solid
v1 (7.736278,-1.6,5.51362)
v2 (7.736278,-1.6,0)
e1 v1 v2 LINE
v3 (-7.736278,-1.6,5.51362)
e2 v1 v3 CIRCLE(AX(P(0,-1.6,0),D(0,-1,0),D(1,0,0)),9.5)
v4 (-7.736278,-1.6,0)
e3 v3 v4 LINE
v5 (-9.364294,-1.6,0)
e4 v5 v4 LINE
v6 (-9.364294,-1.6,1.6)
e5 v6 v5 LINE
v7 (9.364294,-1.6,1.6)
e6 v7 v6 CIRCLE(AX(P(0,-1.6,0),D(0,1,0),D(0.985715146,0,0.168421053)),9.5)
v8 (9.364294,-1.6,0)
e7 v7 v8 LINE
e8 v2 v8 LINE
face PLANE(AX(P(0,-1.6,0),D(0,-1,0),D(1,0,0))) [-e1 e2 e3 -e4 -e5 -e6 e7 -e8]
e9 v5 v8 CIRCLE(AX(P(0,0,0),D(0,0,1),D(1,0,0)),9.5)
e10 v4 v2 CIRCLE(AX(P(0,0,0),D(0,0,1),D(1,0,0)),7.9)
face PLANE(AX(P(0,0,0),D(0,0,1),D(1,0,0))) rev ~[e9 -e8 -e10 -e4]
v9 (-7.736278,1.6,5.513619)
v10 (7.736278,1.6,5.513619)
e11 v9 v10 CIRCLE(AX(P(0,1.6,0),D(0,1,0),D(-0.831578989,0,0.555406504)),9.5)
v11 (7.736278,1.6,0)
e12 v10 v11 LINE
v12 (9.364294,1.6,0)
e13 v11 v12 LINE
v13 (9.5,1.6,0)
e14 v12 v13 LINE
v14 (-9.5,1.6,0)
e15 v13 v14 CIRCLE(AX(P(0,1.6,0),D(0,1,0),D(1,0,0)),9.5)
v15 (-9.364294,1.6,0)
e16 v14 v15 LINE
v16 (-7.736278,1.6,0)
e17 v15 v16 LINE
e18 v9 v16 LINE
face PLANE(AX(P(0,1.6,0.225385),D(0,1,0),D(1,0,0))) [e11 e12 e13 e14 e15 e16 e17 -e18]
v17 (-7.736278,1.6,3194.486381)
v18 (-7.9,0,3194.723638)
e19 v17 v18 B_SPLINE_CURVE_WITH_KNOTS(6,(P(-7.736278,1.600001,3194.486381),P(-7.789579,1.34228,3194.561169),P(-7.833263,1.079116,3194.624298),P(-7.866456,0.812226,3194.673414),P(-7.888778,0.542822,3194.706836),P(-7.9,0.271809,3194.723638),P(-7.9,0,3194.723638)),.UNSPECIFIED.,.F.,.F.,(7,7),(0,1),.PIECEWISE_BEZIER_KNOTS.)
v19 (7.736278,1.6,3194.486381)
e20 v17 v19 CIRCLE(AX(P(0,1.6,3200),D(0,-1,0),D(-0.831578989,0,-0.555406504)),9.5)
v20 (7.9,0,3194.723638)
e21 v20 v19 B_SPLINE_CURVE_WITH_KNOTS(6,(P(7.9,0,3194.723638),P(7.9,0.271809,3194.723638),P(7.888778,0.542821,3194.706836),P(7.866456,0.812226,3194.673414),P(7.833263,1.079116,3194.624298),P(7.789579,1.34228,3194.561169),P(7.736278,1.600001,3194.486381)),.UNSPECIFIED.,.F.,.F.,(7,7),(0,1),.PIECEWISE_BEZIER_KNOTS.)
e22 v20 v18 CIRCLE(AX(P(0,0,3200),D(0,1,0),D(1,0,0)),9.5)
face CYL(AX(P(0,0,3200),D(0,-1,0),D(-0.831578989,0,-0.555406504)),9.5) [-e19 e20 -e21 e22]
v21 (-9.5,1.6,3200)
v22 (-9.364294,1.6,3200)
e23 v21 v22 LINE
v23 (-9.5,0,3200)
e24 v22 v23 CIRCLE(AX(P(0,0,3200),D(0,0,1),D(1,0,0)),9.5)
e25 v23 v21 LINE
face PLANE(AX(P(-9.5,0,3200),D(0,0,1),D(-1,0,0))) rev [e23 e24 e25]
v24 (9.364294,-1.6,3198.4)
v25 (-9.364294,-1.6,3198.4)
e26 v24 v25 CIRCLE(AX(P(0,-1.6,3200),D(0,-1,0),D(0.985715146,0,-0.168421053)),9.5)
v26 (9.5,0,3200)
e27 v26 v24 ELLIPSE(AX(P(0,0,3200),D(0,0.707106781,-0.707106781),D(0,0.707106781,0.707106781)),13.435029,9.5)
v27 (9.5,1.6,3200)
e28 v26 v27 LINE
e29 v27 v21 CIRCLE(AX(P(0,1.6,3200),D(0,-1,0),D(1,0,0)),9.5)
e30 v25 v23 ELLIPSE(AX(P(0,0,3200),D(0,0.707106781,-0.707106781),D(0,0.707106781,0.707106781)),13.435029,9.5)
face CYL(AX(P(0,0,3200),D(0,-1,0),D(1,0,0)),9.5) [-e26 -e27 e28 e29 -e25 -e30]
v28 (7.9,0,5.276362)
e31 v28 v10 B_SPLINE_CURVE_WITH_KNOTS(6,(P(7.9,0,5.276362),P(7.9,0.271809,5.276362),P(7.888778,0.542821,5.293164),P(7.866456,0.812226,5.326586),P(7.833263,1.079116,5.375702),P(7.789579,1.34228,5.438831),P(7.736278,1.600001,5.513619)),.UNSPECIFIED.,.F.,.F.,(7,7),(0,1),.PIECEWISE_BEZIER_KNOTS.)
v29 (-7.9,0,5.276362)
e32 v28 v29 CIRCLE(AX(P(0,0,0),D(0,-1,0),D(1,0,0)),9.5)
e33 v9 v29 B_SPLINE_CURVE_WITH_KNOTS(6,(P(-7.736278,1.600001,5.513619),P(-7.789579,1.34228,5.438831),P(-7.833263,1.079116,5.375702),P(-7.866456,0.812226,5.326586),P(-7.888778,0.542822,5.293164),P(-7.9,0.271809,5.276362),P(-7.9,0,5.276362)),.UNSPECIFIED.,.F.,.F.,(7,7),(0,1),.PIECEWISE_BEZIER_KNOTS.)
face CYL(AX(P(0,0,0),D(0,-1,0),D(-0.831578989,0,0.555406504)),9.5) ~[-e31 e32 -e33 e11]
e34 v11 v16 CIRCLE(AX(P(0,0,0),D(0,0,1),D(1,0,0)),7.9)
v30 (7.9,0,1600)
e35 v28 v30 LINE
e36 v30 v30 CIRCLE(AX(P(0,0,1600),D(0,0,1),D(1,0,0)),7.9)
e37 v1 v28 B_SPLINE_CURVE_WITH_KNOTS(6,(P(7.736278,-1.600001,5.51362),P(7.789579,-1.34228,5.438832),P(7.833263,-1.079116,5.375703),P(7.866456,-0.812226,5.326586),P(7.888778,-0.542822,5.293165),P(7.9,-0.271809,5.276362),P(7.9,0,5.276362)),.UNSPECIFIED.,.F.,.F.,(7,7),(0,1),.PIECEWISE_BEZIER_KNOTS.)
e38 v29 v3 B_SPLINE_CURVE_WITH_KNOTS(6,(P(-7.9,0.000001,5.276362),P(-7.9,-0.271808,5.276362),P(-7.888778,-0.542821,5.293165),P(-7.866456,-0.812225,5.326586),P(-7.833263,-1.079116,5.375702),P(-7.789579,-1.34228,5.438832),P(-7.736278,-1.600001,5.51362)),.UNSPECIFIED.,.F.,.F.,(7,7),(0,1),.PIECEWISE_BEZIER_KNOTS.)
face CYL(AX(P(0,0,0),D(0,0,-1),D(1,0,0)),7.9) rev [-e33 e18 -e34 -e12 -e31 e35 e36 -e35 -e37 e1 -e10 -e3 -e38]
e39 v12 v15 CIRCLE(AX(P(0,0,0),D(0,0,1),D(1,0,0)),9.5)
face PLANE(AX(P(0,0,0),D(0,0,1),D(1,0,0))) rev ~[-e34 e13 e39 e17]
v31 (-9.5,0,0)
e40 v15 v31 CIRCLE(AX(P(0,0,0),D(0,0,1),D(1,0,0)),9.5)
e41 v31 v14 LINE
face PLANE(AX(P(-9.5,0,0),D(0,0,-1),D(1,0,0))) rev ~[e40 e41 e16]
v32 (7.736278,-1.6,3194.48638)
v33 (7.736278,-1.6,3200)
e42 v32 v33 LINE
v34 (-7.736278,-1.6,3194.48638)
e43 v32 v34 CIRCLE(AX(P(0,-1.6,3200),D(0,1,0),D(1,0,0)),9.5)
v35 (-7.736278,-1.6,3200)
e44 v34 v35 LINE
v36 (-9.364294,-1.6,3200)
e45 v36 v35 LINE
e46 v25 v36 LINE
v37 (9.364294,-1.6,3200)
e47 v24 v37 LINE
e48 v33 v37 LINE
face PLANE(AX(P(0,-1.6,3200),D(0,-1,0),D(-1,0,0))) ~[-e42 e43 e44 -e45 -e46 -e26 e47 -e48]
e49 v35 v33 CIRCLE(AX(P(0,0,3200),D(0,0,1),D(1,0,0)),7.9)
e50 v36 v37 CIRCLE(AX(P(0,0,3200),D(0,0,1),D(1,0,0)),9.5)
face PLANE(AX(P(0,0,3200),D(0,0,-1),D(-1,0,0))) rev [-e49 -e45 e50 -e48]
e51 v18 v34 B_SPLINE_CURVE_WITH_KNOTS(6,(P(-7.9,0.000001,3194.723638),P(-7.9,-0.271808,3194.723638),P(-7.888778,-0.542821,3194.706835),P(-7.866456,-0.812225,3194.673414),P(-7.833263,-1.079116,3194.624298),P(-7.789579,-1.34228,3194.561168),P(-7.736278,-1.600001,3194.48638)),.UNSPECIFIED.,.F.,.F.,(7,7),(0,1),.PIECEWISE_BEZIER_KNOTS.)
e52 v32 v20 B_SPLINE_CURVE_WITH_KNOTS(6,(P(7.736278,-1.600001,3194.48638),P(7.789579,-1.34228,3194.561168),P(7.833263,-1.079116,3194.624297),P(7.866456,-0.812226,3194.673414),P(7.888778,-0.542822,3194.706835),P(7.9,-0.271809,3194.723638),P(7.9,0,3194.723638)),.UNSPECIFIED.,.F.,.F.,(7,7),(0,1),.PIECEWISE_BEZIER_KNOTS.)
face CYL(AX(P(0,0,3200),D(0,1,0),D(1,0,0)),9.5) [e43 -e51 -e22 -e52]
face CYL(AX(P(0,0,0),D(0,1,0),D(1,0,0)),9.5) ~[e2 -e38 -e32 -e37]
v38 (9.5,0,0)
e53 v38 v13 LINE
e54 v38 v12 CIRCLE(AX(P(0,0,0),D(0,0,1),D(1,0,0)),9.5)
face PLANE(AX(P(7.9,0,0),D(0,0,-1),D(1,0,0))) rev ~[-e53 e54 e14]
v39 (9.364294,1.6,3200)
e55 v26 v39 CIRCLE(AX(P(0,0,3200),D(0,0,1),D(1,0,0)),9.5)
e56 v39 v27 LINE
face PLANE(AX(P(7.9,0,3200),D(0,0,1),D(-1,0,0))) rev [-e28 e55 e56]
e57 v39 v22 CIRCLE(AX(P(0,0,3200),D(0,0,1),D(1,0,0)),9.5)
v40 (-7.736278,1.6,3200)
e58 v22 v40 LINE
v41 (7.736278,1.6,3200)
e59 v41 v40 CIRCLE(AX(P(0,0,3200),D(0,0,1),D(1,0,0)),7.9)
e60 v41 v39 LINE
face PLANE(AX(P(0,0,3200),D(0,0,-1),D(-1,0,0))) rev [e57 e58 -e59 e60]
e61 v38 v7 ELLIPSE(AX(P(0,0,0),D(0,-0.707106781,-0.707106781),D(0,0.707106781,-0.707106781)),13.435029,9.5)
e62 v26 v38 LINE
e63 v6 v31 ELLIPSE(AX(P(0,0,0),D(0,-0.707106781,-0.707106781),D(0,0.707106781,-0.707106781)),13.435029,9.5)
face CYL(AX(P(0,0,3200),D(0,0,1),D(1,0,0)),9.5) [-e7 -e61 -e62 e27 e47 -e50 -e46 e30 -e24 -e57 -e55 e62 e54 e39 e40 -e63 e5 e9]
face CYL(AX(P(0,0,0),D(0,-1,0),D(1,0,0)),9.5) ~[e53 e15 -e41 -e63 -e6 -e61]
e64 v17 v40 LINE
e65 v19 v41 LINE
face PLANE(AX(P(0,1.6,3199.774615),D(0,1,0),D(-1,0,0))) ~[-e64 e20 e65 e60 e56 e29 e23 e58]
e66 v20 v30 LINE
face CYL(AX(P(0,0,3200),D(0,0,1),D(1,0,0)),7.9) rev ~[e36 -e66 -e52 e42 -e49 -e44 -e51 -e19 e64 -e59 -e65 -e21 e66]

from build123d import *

# Parameters (mm, degrees)
F0_R     = 9.5
F0_R_2   = 7.9
F1_DEPTH = 1600
F2_R     = 9.5
F3_DEPTH = 1.6
F4_DEPTH = 1.6


with BuildPart() as f1:
    # F0 (on Top) → F1 (new body)
    with BuildSketch(Plane.XY):
        Circle(F0_R)
        Circle(F0_R_2, mode=Mode.SUBTRACT)
    extrude(amount=F1_DEPTH)

    # F2 (on Front) → F3 (join)
    with BuildSketch(Plane.XZ):
        Circle(F2_R)
    extrude(amount=F3_DEPTH)

    # F3_face (on face) → F4 (join)
    with BuildSketch(Plane(origin=(0, 0, -0.084371), x_dir=(1, 0, 0), z_dir=(0, 1, 0))):
        with BuildLine():
            ThreePointArc((9.5, -0.084371), (0, 9.415629), (-9.5, -0.084371))
            Line((-9.5, -0.084371), (-7.9, -0.084371))
            Line((-7.9, -0.084371), (-7.9, -5.360733))
            ThreePointArc((-7.9, -5.360733), (0, -9.584371), (7.9, -5.360733))
            Line((7.9, -5.360733), (7.9, -0.084371))
            Line((7.9, -0.084371), (9.5, -0.084371))
        make_face()
    extrude(amount=F4_DEPTH)

    # F5: F1 across face


with BuildPart() as f1_1:
    add(f1.part)
    add(f1.part.mirror(Plane.XY.offset(1600)))


solid = f1_1.part
